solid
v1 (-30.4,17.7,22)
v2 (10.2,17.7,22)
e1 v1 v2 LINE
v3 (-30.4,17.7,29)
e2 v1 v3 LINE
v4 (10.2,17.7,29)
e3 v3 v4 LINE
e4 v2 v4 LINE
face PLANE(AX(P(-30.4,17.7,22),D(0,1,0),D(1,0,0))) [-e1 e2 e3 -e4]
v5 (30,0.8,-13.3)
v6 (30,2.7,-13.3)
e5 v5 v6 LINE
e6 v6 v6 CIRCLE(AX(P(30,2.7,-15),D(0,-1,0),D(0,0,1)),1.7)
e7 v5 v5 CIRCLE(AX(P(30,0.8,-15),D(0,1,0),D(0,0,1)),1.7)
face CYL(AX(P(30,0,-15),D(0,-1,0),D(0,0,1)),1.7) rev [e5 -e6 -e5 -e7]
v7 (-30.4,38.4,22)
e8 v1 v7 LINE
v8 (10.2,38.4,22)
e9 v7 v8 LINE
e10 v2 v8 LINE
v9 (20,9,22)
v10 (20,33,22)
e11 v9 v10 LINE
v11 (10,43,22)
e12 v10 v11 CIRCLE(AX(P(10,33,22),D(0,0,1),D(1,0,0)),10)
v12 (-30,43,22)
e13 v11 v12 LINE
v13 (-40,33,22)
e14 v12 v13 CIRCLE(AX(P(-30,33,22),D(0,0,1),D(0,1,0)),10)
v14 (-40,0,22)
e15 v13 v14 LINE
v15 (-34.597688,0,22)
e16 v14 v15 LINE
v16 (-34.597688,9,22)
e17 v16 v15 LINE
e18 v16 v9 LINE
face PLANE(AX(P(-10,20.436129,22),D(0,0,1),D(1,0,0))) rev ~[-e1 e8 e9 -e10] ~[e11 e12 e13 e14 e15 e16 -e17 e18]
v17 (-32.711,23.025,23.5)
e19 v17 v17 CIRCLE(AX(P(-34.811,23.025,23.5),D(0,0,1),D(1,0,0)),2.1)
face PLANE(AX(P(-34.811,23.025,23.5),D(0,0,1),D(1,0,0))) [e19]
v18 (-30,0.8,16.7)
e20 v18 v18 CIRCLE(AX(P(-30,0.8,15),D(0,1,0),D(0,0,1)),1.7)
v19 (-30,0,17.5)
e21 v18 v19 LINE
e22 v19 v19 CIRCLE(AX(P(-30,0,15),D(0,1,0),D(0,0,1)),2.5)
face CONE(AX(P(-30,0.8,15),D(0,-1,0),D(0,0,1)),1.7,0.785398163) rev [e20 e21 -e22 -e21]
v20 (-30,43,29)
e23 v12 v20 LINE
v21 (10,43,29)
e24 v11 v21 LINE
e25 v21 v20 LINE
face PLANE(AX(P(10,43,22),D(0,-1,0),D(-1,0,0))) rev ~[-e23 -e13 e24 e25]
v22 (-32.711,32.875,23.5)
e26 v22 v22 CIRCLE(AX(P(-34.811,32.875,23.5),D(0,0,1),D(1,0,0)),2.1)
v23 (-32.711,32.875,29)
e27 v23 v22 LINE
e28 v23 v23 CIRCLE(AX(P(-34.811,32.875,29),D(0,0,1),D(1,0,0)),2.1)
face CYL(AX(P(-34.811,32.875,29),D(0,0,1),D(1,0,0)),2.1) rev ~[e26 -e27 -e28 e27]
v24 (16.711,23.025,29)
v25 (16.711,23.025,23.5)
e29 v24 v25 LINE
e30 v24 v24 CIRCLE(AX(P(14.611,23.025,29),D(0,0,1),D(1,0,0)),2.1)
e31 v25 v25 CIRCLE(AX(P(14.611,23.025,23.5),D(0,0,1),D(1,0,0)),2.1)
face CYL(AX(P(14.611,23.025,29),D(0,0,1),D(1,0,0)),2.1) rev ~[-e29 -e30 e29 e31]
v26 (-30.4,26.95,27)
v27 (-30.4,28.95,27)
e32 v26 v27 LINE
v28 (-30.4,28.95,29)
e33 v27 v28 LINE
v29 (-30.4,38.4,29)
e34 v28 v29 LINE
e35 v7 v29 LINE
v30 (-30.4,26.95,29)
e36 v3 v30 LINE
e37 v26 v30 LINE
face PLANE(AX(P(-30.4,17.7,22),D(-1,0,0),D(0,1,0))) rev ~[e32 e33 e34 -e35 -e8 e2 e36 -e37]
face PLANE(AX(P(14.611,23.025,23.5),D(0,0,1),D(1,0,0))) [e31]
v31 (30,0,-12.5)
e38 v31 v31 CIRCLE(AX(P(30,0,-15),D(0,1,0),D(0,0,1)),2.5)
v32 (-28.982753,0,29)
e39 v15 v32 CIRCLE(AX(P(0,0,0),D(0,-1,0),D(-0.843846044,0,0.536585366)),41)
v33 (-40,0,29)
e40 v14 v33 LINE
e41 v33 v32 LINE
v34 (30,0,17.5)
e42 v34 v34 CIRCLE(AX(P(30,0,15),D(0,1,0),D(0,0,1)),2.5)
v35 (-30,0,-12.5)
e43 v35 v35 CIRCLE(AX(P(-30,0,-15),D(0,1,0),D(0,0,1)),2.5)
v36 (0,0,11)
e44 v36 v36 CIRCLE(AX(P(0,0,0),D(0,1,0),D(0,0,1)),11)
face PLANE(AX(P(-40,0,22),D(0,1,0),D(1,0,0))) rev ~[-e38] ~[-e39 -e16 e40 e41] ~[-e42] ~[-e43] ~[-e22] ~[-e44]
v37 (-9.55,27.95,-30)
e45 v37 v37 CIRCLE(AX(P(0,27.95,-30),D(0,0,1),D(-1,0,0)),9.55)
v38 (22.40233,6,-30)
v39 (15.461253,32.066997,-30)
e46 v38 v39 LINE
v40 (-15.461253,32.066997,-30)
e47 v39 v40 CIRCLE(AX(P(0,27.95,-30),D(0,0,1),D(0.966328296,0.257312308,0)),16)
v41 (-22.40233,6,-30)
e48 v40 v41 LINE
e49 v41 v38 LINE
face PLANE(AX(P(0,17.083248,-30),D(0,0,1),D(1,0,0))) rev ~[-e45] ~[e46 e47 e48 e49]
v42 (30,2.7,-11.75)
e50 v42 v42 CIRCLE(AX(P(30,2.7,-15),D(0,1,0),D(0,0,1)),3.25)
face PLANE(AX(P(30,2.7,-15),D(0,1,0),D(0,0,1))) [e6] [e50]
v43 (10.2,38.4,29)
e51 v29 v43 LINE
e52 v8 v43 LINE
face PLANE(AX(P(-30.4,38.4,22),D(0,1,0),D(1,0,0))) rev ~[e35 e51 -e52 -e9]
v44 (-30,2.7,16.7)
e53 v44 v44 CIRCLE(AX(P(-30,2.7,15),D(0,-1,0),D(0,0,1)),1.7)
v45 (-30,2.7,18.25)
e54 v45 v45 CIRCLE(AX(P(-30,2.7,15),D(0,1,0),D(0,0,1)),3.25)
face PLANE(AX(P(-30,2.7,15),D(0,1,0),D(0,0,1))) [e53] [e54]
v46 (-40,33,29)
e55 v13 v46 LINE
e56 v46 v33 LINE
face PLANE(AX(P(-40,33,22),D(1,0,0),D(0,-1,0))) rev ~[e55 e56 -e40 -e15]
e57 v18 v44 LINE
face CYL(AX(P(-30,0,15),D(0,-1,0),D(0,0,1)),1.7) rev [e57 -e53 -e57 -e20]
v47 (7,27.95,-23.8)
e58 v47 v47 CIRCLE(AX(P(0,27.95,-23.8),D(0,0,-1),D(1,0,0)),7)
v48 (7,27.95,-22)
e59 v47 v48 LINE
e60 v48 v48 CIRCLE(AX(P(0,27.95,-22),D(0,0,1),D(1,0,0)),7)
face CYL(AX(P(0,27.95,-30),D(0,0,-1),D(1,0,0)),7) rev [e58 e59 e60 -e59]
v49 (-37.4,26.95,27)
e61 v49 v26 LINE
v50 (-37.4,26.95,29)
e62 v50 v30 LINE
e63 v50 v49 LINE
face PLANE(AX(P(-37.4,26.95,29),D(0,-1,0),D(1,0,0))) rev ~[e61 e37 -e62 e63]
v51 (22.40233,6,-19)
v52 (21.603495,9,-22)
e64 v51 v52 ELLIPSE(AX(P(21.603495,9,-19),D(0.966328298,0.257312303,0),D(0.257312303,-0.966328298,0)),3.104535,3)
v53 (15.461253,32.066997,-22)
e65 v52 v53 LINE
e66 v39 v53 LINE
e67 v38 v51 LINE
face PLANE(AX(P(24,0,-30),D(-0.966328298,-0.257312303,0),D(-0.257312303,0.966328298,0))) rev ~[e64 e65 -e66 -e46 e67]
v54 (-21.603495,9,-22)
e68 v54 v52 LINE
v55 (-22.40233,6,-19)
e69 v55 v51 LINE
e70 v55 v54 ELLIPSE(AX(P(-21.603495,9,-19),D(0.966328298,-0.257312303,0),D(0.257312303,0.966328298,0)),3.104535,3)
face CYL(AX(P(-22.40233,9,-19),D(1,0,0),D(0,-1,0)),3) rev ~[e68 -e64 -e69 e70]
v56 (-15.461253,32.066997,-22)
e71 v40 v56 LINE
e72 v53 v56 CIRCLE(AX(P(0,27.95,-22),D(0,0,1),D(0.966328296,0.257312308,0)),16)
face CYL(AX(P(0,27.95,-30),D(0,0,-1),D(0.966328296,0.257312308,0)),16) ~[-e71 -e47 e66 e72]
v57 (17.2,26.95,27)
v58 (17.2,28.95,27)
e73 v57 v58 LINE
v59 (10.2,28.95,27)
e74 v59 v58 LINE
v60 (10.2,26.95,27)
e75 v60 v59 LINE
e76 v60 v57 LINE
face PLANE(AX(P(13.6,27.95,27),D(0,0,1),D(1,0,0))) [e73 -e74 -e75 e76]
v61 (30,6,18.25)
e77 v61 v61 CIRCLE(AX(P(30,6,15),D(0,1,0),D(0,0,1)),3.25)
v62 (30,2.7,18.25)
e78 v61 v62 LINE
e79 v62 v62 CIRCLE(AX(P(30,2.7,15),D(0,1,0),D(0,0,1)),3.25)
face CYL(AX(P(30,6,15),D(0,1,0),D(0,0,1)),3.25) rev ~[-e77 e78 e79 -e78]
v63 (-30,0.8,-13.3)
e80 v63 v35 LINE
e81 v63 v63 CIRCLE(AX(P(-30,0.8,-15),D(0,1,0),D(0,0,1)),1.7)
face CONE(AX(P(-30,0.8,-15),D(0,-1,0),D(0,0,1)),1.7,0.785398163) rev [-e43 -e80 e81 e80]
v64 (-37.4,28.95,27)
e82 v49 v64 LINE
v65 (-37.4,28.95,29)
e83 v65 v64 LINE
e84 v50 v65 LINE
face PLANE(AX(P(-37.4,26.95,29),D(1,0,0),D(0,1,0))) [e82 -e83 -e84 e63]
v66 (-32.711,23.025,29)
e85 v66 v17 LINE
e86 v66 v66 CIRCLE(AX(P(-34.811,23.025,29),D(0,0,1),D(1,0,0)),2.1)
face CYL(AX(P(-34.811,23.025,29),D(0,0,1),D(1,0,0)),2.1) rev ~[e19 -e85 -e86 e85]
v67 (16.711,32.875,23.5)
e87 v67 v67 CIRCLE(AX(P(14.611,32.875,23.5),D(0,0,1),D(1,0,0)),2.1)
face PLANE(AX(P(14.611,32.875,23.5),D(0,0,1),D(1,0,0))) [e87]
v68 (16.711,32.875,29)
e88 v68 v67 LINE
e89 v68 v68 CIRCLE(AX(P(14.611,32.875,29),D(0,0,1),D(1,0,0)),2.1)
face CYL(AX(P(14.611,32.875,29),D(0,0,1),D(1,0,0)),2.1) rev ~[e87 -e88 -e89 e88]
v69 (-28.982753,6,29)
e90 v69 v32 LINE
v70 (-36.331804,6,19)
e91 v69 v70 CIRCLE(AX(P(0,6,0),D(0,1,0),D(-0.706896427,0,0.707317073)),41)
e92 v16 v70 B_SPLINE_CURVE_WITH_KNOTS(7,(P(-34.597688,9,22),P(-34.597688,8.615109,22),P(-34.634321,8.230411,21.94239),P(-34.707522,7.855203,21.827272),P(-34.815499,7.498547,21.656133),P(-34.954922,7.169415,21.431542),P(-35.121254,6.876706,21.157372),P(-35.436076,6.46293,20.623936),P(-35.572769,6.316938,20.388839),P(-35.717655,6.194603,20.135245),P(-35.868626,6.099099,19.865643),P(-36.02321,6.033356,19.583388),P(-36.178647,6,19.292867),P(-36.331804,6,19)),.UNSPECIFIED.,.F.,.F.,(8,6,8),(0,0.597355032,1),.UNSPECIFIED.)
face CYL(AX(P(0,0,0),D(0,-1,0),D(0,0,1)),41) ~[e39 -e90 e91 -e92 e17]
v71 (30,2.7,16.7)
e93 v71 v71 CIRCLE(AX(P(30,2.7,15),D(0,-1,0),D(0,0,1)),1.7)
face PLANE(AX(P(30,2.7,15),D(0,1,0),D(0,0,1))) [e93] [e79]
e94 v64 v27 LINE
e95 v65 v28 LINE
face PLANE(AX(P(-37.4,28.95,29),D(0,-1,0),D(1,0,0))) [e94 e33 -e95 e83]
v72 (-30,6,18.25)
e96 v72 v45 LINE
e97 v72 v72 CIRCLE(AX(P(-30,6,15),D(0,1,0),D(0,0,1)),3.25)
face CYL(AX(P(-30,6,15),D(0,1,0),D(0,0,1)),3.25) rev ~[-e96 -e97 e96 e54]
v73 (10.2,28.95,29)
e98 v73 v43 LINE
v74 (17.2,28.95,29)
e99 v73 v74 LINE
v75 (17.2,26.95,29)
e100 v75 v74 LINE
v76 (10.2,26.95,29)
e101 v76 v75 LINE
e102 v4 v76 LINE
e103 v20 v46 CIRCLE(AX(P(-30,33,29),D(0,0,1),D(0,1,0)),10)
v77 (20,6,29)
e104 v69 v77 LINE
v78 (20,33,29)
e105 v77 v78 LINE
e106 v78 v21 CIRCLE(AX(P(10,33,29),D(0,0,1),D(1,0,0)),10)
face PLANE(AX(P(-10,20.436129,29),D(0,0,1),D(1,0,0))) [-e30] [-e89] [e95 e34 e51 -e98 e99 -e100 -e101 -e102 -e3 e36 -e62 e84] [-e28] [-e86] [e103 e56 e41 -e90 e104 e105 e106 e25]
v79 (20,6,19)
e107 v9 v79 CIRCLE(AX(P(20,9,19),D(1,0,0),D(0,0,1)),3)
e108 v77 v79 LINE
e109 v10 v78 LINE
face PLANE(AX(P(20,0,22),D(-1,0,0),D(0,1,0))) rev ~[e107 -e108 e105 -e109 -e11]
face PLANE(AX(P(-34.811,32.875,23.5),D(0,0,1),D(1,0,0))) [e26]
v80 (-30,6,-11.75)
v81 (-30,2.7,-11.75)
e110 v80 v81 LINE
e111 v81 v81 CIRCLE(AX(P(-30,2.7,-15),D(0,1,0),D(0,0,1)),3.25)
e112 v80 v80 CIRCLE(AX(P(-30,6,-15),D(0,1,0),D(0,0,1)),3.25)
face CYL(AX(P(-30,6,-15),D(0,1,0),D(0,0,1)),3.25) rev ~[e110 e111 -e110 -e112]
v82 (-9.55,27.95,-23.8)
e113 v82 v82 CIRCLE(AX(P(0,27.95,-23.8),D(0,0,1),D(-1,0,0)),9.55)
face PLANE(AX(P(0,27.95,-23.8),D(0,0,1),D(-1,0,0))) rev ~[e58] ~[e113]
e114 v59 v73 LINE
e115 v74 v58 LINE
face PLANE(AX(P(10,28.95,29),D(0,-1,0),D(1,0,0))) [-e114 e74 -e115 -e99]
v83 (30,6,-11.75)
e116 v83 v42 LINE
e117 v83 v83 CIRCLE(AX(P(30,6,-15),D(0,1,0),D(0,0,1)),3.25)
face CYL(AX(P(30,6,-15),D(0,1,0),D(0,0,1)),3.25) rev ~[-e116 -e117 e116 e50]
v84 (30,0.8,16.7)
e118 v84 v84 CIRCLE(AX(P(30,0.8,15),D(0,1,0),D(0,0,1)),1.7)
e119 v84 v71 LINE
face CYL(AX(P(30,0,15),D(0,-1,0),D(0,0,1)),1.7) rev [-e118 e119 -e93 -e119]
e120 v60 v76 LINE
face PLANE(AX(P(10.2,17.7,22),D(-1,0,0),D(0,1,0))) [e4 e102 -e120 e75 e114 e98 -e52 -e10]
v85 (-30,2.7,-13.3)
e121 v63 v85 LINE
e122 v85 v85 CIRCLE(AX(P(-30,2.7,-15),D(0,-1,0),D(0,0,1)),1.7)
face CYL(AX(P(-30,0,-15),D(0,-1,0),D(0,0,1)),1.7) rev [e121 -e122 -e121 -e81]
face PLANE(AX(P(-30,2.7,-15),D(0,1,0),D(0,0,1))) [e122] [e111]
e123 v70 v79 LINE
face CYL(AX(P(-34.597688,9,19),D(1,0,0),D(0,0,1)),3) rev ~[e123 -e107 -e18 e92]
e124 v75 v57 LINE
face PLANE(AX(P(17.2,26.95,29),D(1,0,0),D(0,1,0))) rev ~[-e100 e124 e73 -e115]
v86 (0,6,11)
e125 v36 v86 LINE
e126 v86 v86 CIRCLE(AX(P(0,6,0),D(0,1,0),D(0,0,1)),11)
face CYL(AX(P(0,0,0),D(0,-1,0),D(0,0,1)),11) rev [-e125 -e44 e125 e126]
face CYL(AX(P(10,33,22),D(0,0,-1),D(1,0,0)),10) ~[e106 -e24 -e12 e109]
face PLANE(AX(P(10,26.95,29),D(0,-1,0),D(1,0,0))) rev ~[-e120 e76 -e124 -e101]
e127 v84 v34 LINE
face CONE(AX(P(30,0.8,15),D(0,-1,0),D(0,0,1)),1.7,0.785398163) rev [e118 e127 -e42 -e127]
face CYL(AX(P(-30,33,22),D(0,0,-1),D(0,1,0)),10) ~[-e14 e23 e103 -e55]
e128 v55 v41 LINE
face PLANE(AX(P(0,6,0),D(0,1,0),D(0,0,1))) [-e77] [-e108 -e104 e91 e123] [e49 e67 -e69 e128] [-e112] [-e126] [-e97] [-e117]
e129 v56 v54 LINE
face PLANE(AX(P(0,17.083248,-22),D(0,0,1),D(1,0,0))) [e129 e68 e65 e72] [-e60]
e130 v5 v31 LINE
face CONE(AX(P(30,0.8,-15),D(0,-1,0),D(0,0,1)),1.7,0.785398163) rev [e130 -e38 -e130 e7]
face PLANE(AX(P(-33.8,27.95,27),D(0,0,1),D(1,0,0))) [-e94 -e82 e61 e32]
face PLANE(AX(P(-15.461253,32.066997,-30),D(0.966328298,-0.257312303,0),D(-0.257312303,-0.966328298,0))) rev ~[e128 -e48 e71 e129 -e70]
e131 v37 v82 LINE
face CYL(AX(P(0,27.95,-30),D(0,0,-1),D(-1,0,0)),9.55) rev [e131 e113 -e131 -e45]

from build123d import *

# Parameters (mm, degrees)
SKETCH1_R           = 41
BOSS_EXTRUDE1_DEPTH = 6
BOSS_EXTRUDE2_DEPTH = 8
BOSS_EXTRUDE3_DEPTH = 7
SKETCH4_W           = 40.6
SKETCH4_H           = 20.7
CUT_EXTRUDE1_DEPTH  = 7
SKETCH5_R           = 9.55
CUT_EXTRUDE2_DEPTH  = 6.2
SKETCH6_R           = 7
CUT_EXTRUDE3_DEPTH  = 8
SKETCH7_R           = 11
SKETCH7_R_2         = 1.7
CUT_EXTRUDE4_DEPTH  = 6
SKETCH8_R           = 3.25
CUT_EXTRUDE6_DEPTH  = 3.3
SKETCH10_R          = 2.1
CUT_EXTRUDE8_DEPTH  = 5.5
FILLET1_R           = 3
CHAMFER1_SIZE       = 0.8
SKETCH11_W          = 7.2
SKETCH11_H          = 2
CUT_EXTRUDE9_DEPTH  = 2


with BuildPart() as part:
    # Sketch1 → Boss-Extrude1 (new body)
    with BuildSketch(Plane(origin=(0, 0, 0), x_dir=(1, 0, 0), z_dir=(0, 1, 0))):
        with Locations(Location((0, 0, 0), (0, 0, 270))):
            Circle(SKETCH1_R)
    extrude(amount=BOSS_EXTRUDE1_DEPTH)

    # Sketch2 → Boss-Extrude2 (add)
    with BuildSketch(Plane.XY.offset(-30)):
        with BuildLine():
            Line((-24, 0), (24, 0))
            Line((24, 0), (15.461253, 32.066997))
            ThreePointArc((15.461253, 32.066997), (0, 43.95000027), (-15.461253, 32.066997))
            Line((-15.461253, 32.066997), (-24, 0))
        make_face()
    extrude(amount=BOSS_EXTRUDE2_DEPTH)

    # Sketch3 → Boss-Extrude3 (add)
    with BuildSketch(Plane.XY.offset(22)):
        with BuildLine():
            Line((-40, 0), (20, 0))
            Line((20, 0), (20, 33))
            ThreePointArc((20, 33), (17.071067812, 40.071067812), (10, 43))
            Line((10, 43), (-30, 43))
            ThreePointArc((-30, 43), (-37.071067812, 40.071067812), (-40, 33))
            Line((-40, 33), (-40, 0))
        make_face()
    extrude(amount=BOSS_EXTRUDE3_DEPTH)

    # Sketch4 → Cut-Extrude1 (cut)
    with BuildSketch(Plane.XY.offset(22)):
        with Locations((-10.1, 28.05)):
            Rectangle(SKETCH4_W, SKETCH4_H)
    extrude(amount=CUT_EXTRUDE1_DEPTH, mode=Mode.SUBTRACT)

    # Sketch5 → Cut-Extrude2 (cut)
    with BuildSketch(Plane.XY.offset(-30)):
        with Locations(Location((0, 27.95, 0), (0, 0, 180))):
            Circle(SKETCH5_R)
    extrude(amount=CUT_EXTRUDE2_DEPTH, mode=Mode.SUBTRACT)

    # Sketch6 → Cut-Extrude3 (cut)
    with BuildSketch(Plane.XY.offset(-30)):
        with Locations((0, 27.95)):
            Circle(SKETCH6_R)
    extrude(amount=CUT_EXTRUDE3_DEPTH, mode=Mode.SUBTRACT)

    # Sketch7 → Cut-Extrude4 (cut)
    with BuildSketch(Plane(origin=(0, 0, 0), x_dir=(1, 0, 0), z_dir=(0, 1, 0))):
        with Locations(Location((0, 0, 0), (0, 0, 270))):
            Circle(SKETCH7_R)
        with Locations(Location((30, 15, 0), (0, 0, 270))):
            Circle(SKETCH7_R_2)
        with Locations(Location((30, -15, 0), (0, 0, 270))):
            Circle(SKETCH7_R_2)
        with Locations(Location((-30, 15, 0), (0, 0, 270))):
            Circle(SKETCH7_R_2)
        with Locations(Location((-30, -15, 0), (0, 0, 270))):
            Circle(SKETCH7_R_2)
    extrude(amount=CUT_EXTRUDE4_DEPTH, mode=Mode.SUBTRACT)

    # Sketch8 → Cut-Extrude6 (cut)
    with BuildSketch(Plane(origin=(0, 6, 0), x_dir=(1, 0, 0), z_dir=(0, 1, 0))):
        with Locations(Location((30, 15, 0), (0, 0, 270))):
            Circle(SKETCH8_R)
        with Locations(Location((30, -15, 0), (0, 0, 270))):
            Circle(SKETCH8_R)
        with Locations(Location((-30, 15, 0), (0, 0, 270))):
            Circle(SKETCH8_R)
        with Locations(Location((-30, -15, 0), (0, 0, 270))):
            Circle(SKETCH8_R)
    extrude(amount=-CUT_EXTRUDE6_DEPTH, mode=Mode.SUBTRACT)

    # Sketch10 → Cut-Extrude8 (cut)
    with BuildSketch(Plane.XY.offset(29)):
        with Locations((-34.811, 23.025)):
            Circle(SKETCH10_R)
        with Locations((-34.811, 32.875)):
            Circle(SKETCH10_R)
        with Locations((14.611, 23.025)):
            Circle(SKETCH10_R)
        with Locations((14.611, 32.875)):
            Circle(SKETCH10_R)
    extrude(amount=-CUT_EXTRUDE8_DEPTH, mode=Mode.SUBTRACT)

    # Fillet1
    fillet1_edges = [part.edges().sort_by_distance(p)[0] for p in [
        (0, 6, -22),
        (-7.298843892, 6, 22),
    ]]
    fillet(fillet1_edges, radius=FILLET1_R)

    # Chamfer1
    chamfer1_edges = [part.edges().sort_by_distance(p)[0] for p in [
        (-30, 0, 13.3),
        (-30, 0, -16.7),
        (30, 0, 13.3),
        (30, 0, -16.7),
    ]]
    chamfer(chamfer1_edges, length=CHAMFER1_SIZE)

    # Sketch11 → Cut-Extrude9 (cut)
    with BuildSketch(Plane.XY.offset(29)):
        with Locations((-33.8, 27.95)):
            Rectangle(SKETCH11_W, SKETCH11_H)
        with Locations((13.6, 27.95)):
            Rectangle(SKETCH11_W, SKETCH11_H)
    extrude(amount=-CUT_EXTRUDE9_DEPTH, mode=Mode.SUBTRACT)


solid = part.part
